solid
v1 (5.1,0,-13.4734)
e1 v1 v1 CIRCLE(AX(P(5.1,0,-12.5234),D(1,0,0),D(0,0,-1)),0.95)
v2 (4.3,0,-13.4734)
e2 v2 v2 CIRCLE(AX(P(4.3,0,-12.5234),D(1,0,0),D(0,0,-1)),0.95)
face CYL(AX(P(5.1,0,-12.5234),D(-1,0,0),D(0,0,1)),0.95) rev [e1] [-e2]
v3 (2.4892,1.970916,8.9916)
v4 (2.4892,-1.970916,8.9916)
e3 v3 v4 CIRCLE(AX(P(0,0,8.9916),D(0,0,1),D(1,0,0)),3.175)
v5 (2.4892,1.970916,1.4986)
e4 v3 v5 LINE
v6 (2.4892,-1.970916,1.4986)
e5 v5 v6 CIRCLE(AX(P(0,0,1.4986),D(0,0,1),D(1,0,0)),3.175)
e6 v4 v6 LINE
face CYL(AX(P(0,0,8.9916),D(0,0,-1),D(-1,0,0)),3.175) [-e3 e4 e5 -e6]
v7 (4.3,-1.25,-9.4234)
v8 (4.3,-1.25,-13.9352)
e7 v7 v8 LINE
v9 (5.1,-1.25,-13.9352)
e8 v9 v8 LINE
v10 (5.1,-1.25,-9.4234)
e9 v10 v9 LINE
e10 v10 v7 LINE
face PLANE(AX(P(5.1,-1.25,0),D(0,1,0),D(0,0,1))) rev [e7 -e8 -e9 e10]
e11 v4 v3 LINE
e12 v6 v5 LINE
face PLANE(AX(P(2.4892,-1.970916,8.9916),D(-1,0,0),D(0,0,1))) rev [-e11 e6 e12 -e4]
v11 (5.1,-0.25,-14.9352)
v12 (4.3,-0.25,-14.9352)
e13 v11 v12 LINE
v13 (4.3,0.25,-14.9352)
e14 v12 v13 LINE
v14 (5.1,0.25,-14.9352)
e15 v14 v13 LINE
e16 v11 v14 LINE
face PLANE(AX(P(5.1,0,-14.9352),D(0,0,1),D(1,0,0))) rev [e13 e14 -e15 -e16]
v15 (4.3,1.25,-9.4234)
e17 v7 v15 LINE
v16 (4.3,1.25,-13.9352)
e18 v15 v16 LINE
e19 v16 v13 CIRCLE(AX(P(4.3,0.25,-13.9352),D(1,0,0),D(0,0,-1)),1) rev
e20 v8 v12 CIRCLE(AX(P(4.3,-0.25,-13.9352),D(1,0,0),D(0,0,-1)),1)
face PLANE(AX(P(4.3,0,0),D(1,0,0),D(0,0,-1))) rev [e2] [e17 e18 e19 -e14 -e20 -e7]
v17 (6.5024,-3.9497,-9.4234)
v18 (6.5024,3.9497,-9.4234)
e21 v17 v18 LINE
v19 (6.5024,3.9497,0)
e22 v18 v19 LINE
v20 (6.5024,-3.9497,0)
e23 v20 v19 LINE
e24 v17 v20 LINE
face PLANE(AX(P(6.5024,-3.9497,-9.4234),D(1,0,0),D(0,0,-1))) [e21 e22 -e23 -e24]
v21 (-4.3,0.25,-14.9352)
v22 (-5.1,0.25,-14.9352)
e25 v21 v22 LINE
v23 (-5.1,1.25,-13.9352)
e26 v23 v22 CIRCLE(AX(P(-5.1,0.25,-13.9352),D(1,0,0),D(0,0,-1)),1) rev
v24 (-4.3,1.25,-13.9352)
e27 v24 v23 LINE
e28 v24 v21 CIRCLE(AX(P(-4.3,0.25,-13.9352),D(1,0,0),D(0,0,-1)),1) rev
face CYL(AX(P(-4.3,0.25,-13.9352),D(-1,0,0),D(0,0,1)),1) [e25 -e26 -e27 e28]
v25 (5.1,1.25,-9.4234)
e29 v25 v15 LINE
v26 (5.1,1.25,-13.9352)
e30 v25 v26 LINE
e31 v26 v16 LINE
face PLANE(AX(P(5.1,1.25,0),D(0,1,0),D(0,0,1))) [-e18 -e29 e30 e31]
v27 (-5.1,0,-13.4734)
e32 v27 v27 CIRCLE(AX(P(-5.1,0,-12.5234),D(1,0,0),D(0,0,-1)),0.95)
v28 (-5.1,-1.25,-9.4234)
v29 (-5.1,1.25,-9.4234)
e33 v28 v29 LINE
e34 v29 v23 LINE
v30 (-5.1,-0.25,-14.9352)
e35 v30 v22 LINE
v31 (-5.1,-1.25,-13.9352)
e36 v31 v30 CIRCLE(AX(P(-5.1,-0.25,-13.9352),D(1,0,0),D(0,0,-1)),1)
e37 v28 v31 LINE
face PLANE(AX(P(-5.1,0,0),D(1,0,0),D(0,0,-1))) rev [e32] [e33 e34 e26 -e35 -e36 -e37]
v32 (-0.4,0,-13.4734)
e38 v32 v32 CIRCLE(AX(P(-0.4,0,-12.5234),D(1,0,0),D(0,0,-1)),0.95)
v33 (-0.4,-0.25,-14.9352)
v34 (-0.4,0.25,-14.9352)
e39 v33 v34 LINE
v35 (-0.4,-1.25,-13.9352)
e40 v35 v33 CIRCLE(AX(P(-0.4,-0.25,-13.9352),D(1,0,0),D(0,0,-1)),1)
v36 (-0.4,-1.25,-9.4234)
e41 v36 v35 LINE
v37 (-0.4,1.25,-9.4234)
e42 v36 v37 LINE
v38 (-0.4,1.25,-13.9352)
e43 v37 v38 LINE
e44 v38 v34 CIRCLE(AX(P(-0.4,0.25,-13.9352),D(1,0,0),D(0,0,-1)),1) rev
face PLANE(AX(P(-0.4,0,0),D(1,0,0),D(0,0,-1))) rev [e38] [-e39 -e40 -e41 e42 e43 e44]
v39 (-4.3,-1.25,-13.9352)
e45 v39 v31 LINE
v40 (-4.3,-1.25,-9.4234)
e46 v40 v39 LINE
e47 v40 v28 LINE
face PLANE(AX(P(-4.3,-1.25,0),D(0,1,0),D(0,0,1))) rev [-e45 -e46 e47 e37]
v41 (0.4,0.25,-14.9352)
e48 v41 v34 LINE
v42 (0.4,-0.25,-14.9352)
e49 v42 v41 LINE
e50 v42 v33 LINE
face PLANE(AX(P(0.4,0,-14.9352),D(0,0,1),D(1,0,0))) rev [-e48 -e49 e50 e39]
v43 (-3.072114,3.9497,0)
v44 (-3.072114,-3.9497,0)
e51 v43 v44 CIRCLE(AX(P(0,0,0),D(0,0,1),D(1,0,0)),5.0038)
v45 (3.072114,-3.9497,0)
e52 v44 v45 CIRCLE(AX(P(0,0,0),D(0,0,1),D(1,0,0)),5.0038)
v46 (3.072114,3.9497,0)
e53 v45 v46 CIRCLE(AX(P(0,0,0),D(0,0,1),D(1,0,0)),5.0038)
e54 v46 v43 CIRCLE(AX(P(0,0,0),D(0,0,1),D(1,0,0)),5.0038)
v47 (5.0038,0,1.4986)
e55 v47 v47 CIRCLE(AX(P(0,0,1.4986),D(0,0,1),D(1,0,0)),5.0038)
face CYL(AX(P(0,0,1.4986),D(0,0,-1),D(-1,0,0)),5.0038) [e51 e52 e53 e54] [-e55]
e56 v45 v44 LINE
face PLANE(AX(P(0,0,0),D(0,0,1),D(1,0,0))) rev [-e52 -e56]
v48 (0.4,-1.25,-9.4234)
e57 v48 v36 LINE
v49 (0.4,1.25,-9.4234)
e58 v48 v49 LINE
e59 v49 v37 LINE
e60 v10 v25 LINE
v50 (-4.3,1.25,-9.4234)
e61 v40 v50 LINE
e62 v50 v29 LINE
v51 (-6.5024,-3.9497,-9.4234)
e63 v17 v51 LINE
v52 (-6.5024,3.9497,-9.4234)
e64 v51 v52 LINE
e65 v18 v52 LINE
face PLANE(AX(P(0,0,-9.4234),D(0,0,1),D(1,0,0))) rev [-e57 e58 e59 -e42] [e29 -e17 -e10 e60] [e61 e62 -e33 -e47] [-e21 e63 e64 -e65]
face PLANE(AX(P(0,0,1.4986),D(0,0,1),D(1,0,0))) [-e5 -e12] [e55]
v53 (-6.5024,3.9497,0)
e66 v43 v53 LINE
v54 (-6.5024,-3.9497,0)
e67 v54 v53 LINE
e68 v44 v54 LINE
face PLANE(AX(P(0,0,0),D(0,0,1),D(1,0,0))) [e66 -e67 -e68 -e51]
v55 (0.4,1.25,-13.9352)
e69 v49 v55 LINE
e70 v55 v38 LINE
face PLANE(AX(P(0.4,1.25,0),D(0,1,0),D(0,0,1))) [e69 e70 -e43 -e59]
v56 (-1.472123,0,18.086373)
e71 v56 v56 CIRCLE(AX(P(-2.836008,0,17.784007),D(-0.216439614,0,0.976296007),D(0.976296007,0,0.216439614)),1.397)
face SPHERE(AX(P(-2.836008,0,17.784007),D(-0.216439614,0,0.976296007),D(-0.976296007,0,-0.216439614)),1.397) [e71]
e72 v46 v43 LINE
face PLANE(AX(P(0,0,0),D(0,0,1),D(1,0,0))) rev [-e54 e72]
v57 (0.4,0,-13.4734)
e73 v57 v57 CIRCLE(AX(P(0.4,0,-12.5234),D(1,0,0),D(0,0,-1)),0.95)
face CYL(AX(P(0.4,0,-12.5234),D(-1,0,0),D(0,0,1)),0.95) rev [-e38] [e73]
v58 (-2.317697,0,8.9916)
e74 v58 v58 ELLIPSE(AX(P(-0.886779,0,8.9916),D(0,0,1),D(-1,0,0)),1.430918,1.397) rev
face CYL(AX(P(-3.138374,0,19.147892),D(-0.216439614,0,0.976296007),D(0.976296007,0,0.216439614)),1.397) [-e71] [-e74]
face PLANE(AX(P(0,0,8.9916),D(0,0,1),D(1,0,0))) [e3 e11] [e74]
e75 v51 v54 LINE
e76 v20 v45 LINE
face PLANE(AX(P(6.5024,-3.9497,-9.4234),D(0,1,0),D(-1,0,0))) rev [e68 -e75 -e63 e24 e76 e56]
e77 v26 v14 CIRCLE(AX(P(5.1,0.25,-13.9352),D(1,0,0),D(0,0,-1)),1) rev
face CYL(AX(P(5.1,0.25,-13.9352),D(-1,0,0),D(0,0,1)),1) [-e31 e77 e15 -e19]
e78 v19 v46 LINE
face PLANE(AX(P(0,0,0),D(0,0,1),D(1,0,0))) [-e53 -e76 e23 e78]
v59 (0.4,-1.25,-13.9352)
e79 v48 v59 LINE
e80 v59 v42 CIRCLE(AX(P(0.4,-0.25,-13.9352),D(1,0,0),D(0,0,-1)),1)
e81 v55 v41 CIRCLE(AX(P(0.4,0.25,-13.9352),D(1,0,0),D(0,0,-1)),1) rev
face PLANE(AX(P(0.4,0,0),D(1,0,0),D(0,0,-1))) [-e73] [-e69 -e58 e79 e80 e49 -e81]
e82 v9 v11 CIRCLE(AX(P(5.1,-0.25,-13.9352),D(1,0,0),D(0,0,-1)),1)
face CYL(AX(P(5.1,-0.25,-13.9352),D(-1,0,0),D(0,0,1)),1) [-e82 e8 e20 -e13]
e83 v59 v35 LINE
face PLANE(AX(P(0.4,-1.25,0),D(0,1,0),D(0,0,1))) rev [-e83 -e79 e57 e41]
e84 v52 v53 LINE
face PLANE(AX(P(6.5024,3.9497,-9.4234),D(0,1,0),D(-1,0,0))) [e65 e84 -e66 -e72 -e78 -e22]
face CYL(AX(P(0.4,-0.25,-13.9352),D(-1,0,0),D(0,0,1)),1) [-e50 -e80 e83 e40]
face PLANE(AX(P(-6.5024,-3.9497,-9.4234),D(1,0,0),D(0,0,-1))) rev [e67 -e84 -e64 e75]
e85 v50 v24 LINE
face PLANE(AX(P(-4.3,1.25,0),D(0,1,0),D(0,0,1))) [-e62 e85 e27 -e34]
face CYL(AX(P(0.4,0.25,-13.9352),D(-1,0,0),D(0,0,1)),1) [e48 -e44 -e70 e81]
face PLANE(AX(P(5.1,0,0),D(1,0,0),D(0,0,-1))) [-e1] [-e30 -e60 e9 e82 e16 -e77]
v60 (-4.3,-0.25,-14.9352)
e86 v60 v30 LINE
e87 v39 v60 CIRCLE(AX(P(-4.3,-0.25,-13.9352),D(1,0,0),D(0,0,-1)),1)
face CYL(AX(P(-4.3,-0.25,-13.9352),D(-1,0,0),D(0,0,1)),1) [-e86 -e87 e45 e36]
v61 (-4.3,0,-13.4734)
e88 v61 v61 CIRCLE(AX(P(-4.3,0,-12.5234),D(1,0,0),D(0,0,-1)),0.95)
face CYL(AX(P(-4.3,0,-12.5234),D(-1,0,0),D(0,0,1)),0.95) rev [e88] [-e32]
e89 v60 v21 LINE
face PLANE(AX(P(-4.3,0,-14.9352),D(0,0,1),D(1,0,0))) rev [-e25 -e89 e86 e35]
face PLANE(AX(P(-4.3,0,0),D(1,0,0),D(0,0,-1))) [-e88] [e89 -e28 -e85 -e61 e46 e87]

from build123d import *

# Parameters (mm, degrees)
SKETCH2_W           = 13.0048
SKETCH2_H           = 7.8994
BOSS_EXTRUDE1_DEPTH = 9.4234
BOSS_EXTRUDE2_START = 4.7
SKETCH5_R           = 0.95
BOSS_EXTRUDE2_DEPTH = 0.4
LPATTERN1_COUNT     = 3
LPATTERN1_PITCH     = 4.7
SKETCH6_R           = 5.0038
BOSS_EXTRUDE3_DEPTH = 1.4986
BOSS_EXTRUDE5_DEPTH = 7.493


with BuildPart() as part:
    # Sketch2 → Boss-Extrude1 (new body)
    with BuildSketch(Plane.XY):
        Rectangle(SKETCH2_W, SKETCH2_H)
    extrude(amount=-BOSS_EXTRUDE1_DEPTH)

    # Sketch5 → Boss-Extrude2 (add, symmetric)
    with BuildSketch(Plane(origin=(0, 0, 0), x_dir=(0, 0, -1), z_dir=(1, 0, 0)).offset(BOSS_EXTRUDE2_START)):
        with BuildLine():
            ThreePointArc((13.9352, 1.25), (14.642306781, 0.957106781), (14.9352, 0.25))
            Line((14.9352, 0.25), (14.9352, -0.25))
            ThreePointArc((14.9352, -0.25), (14.642306781, -0.957106781), (13.9352, -1.25))
            Line((13.9352, -1.25), (9.4234, -1.25))
            Line((9.4234, -1.25), (9.4234, 1.25))
            Line((9.4234, 1.25), (13.9352, 1.25))
        make_face()
        with Locations((12.5234, 0)):
            Circle(SKETCH5_R, mode=Mode.SUBTRACT)
    boss_extrude2 = extrude(amount=BOSS_EXTRUDE2_DEPTH, both=True)

    # LPattern1: Boss-Extrude2 ×3
    with Locations(*[(-i * LPATTERN1_PITCH, 0, 0) for i in range(1, LPATTERN1_COUNT)]):
        add(boss_extrude2)

    # Sketch6 → Boss-Extrude3 (add)
    with BuildSketch(Plane.XY):
        Circle(SKETCH6_R)
    extrude(amount=BOSS_EXTRUDE3_DEPTH)

    # Sketch7 → Boss-Extrude5 (add)
    with BuildSketch(Plane.XY.offset(1.4986)):
        with BuildLine():
            Line((2.4892, -1.970915615), (2.4892, 1.970915615))
            ThreePointArc((2.4892, 1.970915615), (-3.175, 0), (2.4892, -1.970915615))
        make_face()
    extrude(amount=BOSS_EXTRUDE5_DEPTH)

    # Sketch8 → Revolve1 (revolve)
    with BuildSketch(Plane(origin=(0, 0, 0), x_dir=(1, 0, 0), z_dir=(0, 1, 0))):
        with BuildLine():
            Line((-3.138374402, -19.147892103), (0, -4.9916))
            Line((0, -4.9916), (-1.363885522, -4.689233859))
            Line((-1.363885522, -4.689233859), (-4.199893783, -17.481640441))
            ThreePointArc((-4.199893783, -17.481640441), (-4.014226111, -18.534614134), (-3.138374402, -19.147892103))
        make_face()
    revolve(axis=Axis((-3.138374402, 0, 19.147892103), (0.216439614, 0, -0.976296007)))


solid = part.part
